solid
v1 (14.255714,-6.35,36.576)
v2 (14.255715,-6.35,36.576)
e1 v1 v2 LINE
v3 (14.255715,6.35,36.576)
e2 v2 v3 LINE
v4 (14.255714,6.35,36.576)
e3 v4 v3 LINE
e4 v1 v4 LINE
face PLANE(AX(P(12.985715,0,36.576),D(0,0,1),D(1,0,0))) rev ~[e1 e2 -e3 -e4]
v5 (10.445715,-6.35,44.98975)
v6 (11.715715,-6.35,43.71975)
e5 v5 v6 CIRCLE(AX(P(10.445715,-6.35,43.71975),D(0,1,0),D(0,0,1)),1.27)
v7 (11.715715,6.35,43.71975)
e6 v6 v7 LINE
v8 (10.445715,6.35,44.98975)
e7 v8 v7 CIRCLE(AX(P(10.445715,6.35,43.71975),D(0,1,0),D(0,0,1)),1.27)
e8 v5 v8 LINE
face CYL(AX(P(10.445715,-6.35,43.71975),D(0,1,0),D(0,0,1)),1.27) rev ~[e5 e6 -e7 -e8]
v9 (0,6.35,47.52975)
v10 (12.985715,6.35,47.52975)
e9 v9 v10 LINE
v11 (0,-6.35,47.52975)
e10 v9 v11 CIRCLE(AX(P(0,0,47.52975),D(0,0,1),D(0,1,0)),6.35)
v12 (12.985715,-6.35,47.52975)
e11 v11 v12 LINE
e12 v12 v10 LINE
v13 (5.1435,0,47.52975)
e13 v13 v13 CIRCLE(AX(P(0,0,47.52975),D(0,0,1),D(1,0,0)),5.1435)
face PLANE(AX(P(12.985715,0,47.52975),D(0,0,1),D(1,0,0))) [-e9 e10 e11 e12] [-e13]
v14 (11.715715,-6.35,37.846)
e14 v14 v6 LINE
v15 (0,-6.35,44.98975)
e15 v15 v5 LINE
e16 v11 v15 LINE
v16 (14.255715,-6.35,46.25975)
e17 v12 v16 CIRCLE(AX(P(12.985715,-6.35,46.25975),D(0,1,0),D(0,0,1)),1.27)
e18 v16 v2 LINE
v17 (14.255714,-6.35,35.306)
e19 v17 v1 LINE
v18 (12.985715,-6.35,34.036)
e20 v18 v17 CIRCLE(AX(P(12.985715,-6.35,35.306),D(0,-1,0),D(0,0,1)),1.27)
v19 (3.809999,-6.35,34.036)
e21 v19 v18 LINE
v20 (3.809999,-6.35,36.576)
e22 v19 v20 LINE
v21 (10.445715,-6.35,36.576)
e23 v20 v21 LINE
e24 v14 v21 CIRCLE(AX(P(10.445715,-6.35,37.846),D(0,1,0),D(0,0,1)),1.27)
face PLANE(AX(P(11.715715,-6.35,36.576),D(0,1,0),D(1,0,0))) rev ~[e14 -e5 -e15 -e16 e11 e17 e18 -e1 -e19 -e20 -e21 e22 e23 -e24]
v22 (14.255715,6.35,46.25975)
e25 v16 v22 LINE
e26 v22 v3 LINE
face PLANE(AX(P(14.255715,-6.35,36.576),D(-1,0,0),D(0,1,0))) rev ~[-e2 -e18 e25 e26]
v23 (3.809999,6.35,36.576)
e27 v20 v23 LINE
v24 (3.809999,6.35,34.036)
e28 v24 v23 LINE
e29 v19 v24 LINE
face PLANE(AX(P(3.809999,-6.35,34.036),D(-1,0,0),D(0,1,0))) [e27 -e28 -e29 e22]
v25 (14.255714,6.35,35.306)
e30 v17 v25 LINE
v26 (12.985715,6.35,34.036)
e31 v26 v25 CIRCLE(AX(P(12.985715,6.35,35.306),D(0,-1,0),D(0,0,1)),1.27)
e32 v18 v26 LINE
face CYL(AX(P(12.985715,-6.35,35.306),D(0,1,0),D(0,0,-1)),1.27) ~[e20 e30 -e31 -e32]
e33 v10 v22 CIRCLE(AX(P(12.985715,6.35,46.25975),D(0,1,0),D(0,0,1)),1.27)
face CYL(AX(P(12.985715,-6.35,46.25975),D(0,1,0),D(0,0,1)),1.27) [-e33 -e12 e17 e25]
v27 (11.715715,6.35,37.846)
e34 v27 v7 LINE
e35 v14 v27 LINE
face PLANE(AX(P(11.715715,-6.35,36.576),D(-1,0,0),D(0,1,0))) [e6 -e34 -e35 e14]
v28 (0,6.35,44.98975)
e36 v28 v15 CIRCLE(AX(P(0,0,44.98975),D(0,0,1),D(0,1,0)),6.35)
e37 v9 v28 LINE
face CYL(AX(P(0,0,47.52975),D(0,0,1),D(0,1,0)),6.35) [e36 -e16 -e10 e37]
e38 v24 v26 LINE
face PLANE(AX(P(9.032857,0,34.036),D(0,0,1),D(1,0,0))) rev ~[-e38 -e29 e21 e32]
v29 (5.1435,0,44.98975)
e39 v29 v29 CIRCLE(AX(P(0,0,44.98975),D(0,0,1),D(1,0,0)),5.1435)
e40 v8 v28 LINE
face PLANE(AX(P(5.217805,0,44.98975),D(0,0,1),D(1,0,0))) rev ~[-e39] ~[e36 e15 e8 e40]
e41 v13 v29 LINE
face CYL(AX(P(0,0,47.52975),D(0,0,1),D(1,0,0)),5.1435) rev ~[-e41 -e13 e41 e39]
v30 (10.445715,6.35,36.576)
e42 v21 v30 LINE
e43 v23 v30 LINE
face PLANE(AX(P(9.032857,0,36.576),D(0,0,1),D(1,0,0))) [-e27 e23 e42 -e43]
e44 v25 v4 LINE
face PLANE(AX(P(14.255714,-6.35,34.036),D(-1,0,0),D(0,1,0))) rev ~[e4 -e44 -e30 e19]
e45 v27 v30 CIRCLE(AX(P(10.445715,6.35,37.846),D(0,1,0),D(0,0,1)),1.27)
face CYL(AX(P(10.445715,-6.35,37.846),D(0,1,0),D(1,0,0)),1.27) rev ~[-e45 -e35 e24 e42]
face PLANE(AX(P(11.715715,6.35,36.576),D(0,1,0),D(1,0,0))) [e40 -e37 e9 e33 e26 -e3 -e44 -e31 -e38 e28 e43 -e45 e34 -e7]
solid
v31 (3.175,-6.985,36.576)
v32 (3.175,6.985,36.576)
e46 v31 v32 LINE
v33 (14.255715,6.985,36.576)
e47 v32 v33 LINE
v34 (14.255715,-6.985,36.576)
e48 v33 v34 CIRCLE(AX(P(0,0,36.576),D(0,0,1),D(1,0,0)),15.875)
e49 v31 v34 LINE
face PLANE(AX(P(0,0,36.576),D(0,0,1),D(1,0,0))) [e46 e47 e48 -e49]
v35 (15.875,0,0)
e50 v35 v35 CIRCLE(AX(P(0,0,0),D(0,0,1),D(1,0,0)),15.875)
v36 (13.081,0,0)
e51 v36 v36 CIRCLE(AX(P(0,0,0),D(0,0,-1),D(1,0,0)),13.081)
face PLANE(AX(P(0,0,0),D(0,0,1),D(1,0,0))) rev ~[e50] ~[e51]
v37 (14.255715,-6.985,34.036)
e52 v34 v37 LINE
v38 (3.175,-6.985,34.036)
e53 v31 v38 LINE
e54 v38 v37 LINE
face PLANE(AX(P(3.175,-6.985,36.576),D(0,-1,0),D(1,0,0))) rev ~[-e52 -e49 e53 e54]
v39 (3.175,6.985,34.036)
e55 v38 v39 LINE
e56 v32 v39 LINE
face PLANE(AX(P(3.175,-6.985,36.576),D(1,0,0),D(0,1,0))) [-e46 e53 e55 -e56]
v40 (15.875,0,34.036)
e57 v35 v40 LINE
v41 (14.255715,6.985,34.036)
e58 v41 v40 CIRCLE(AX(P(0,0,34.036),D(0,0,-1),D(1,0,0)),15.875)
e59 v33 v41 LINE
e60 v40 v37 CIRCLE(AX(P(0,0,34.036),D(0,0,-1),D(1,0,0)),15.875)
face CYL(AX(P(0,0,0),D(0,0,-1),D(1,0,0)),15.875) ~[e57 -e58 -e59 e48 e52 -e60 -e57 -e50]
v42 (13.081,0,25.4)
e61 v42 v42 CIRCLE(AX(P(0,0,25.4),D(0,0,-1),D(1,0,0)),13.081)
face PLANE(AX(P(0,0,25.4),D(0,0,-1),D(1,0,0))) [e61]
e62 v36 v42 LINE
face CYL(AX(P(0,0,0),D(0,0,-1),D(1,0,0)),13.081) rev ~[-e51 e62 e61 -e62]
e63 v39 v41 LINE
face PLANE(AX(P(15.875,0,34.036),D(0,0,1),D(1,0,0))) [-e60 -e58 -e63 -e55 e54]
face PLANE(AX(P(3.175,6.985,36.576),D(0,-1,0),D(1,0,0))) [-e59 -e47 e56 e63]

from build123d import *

# Parameters (mm, degrees)
F0_R      = 15.875
F1_DEPTH  = 36.576
F2_R      = 13.081
F3_DEPTH  = 25.4
F4_W      = 25.4
F4_H      = 13.97
F5_DEPTH  = 2.54
F6_W      = 10.445715
F6_H      = 12.7
F7_DEPTH  = 2.54
F8_W      = 2.54
F8_H      = 12.7
F9_DEPTH  = 10.95375
F10_R     = 5.1435
F11_DEPTH = 2.54
F12_R     = 1.27


with BuildPart() as f1:
    # F0 (on Top) → F1 (new body)
    with BuildSketch(Plane.XY):
        Circle(F0_R)
    extrude(amount=F1_DEPTH)

    # F2 (on face) → F3 (cut)
    with BuildSketch(Plane(origin=(0, 0, 0), x_dir=(1, 0, 0), z_dir=(0, 0, -1))):
        Circle(F2_R)
    extrude(amount=-F3_DEPTH, mode=Mode.SUBTRACT)

    # F4 (on face) → F5 (cut)
    with BuildSketch(Plane.XY.offset(36.576)):
        with Locations((15.875, 0)):
            Rectangle(F4_W, F4_H)
    extrude(amount=-F5_DEPTH, mode=Mode.SUBTRACT)


with BuildPart() as f7:
    # F6 (on face) → F7 (new body)
    with BuildSketch(Plane.XY.offset(34.036)):
        with Locations((9.032857, 0)):
            Rectangle(F6_W, F6_H)
    extrude(amount=F7_DEPTH)

    # F8 (on face) → F9 (join)
    with BuildSketch(Plane.XY.offset(36.576)):
        with Locations((12.985715, 0)):
            Rectangle(F8_W, F8_H)
    extrude(amount=F9_DEPTH)

    # F10 (on face) → F11 (join)
    with BuildSketch(Plane.XY.offset(47.52975)):
        with BuildLine():
            Line((14.255715, -6.35), (14.255715, 6.35))
            Line((14.255715, 6.35), (0, 6.35))
            ThreePointArc((0, 6.35), (-6.35, 0), (0, -6.35))
            Line((0, -6.35), (14.255715, -6.35))
        make_face()
        Circle(F10_R, mode=Mode.SUBTRACT)
    extrude(amount=-F11_DEPTH)

    # F12
    f12_edges = [f7.edges().sort_by_distance(p)[0] for p in [
        (14.255715, 0, 47.52975),
        (11.715715, 0, 44.98975),
        (14.255715, 0, 34.036),
        (11.715715, 0, 36.576),
    ]]
    fillet(f12_edges, radius=F12_R)


solid = Compound([f1.part, f7.part])
